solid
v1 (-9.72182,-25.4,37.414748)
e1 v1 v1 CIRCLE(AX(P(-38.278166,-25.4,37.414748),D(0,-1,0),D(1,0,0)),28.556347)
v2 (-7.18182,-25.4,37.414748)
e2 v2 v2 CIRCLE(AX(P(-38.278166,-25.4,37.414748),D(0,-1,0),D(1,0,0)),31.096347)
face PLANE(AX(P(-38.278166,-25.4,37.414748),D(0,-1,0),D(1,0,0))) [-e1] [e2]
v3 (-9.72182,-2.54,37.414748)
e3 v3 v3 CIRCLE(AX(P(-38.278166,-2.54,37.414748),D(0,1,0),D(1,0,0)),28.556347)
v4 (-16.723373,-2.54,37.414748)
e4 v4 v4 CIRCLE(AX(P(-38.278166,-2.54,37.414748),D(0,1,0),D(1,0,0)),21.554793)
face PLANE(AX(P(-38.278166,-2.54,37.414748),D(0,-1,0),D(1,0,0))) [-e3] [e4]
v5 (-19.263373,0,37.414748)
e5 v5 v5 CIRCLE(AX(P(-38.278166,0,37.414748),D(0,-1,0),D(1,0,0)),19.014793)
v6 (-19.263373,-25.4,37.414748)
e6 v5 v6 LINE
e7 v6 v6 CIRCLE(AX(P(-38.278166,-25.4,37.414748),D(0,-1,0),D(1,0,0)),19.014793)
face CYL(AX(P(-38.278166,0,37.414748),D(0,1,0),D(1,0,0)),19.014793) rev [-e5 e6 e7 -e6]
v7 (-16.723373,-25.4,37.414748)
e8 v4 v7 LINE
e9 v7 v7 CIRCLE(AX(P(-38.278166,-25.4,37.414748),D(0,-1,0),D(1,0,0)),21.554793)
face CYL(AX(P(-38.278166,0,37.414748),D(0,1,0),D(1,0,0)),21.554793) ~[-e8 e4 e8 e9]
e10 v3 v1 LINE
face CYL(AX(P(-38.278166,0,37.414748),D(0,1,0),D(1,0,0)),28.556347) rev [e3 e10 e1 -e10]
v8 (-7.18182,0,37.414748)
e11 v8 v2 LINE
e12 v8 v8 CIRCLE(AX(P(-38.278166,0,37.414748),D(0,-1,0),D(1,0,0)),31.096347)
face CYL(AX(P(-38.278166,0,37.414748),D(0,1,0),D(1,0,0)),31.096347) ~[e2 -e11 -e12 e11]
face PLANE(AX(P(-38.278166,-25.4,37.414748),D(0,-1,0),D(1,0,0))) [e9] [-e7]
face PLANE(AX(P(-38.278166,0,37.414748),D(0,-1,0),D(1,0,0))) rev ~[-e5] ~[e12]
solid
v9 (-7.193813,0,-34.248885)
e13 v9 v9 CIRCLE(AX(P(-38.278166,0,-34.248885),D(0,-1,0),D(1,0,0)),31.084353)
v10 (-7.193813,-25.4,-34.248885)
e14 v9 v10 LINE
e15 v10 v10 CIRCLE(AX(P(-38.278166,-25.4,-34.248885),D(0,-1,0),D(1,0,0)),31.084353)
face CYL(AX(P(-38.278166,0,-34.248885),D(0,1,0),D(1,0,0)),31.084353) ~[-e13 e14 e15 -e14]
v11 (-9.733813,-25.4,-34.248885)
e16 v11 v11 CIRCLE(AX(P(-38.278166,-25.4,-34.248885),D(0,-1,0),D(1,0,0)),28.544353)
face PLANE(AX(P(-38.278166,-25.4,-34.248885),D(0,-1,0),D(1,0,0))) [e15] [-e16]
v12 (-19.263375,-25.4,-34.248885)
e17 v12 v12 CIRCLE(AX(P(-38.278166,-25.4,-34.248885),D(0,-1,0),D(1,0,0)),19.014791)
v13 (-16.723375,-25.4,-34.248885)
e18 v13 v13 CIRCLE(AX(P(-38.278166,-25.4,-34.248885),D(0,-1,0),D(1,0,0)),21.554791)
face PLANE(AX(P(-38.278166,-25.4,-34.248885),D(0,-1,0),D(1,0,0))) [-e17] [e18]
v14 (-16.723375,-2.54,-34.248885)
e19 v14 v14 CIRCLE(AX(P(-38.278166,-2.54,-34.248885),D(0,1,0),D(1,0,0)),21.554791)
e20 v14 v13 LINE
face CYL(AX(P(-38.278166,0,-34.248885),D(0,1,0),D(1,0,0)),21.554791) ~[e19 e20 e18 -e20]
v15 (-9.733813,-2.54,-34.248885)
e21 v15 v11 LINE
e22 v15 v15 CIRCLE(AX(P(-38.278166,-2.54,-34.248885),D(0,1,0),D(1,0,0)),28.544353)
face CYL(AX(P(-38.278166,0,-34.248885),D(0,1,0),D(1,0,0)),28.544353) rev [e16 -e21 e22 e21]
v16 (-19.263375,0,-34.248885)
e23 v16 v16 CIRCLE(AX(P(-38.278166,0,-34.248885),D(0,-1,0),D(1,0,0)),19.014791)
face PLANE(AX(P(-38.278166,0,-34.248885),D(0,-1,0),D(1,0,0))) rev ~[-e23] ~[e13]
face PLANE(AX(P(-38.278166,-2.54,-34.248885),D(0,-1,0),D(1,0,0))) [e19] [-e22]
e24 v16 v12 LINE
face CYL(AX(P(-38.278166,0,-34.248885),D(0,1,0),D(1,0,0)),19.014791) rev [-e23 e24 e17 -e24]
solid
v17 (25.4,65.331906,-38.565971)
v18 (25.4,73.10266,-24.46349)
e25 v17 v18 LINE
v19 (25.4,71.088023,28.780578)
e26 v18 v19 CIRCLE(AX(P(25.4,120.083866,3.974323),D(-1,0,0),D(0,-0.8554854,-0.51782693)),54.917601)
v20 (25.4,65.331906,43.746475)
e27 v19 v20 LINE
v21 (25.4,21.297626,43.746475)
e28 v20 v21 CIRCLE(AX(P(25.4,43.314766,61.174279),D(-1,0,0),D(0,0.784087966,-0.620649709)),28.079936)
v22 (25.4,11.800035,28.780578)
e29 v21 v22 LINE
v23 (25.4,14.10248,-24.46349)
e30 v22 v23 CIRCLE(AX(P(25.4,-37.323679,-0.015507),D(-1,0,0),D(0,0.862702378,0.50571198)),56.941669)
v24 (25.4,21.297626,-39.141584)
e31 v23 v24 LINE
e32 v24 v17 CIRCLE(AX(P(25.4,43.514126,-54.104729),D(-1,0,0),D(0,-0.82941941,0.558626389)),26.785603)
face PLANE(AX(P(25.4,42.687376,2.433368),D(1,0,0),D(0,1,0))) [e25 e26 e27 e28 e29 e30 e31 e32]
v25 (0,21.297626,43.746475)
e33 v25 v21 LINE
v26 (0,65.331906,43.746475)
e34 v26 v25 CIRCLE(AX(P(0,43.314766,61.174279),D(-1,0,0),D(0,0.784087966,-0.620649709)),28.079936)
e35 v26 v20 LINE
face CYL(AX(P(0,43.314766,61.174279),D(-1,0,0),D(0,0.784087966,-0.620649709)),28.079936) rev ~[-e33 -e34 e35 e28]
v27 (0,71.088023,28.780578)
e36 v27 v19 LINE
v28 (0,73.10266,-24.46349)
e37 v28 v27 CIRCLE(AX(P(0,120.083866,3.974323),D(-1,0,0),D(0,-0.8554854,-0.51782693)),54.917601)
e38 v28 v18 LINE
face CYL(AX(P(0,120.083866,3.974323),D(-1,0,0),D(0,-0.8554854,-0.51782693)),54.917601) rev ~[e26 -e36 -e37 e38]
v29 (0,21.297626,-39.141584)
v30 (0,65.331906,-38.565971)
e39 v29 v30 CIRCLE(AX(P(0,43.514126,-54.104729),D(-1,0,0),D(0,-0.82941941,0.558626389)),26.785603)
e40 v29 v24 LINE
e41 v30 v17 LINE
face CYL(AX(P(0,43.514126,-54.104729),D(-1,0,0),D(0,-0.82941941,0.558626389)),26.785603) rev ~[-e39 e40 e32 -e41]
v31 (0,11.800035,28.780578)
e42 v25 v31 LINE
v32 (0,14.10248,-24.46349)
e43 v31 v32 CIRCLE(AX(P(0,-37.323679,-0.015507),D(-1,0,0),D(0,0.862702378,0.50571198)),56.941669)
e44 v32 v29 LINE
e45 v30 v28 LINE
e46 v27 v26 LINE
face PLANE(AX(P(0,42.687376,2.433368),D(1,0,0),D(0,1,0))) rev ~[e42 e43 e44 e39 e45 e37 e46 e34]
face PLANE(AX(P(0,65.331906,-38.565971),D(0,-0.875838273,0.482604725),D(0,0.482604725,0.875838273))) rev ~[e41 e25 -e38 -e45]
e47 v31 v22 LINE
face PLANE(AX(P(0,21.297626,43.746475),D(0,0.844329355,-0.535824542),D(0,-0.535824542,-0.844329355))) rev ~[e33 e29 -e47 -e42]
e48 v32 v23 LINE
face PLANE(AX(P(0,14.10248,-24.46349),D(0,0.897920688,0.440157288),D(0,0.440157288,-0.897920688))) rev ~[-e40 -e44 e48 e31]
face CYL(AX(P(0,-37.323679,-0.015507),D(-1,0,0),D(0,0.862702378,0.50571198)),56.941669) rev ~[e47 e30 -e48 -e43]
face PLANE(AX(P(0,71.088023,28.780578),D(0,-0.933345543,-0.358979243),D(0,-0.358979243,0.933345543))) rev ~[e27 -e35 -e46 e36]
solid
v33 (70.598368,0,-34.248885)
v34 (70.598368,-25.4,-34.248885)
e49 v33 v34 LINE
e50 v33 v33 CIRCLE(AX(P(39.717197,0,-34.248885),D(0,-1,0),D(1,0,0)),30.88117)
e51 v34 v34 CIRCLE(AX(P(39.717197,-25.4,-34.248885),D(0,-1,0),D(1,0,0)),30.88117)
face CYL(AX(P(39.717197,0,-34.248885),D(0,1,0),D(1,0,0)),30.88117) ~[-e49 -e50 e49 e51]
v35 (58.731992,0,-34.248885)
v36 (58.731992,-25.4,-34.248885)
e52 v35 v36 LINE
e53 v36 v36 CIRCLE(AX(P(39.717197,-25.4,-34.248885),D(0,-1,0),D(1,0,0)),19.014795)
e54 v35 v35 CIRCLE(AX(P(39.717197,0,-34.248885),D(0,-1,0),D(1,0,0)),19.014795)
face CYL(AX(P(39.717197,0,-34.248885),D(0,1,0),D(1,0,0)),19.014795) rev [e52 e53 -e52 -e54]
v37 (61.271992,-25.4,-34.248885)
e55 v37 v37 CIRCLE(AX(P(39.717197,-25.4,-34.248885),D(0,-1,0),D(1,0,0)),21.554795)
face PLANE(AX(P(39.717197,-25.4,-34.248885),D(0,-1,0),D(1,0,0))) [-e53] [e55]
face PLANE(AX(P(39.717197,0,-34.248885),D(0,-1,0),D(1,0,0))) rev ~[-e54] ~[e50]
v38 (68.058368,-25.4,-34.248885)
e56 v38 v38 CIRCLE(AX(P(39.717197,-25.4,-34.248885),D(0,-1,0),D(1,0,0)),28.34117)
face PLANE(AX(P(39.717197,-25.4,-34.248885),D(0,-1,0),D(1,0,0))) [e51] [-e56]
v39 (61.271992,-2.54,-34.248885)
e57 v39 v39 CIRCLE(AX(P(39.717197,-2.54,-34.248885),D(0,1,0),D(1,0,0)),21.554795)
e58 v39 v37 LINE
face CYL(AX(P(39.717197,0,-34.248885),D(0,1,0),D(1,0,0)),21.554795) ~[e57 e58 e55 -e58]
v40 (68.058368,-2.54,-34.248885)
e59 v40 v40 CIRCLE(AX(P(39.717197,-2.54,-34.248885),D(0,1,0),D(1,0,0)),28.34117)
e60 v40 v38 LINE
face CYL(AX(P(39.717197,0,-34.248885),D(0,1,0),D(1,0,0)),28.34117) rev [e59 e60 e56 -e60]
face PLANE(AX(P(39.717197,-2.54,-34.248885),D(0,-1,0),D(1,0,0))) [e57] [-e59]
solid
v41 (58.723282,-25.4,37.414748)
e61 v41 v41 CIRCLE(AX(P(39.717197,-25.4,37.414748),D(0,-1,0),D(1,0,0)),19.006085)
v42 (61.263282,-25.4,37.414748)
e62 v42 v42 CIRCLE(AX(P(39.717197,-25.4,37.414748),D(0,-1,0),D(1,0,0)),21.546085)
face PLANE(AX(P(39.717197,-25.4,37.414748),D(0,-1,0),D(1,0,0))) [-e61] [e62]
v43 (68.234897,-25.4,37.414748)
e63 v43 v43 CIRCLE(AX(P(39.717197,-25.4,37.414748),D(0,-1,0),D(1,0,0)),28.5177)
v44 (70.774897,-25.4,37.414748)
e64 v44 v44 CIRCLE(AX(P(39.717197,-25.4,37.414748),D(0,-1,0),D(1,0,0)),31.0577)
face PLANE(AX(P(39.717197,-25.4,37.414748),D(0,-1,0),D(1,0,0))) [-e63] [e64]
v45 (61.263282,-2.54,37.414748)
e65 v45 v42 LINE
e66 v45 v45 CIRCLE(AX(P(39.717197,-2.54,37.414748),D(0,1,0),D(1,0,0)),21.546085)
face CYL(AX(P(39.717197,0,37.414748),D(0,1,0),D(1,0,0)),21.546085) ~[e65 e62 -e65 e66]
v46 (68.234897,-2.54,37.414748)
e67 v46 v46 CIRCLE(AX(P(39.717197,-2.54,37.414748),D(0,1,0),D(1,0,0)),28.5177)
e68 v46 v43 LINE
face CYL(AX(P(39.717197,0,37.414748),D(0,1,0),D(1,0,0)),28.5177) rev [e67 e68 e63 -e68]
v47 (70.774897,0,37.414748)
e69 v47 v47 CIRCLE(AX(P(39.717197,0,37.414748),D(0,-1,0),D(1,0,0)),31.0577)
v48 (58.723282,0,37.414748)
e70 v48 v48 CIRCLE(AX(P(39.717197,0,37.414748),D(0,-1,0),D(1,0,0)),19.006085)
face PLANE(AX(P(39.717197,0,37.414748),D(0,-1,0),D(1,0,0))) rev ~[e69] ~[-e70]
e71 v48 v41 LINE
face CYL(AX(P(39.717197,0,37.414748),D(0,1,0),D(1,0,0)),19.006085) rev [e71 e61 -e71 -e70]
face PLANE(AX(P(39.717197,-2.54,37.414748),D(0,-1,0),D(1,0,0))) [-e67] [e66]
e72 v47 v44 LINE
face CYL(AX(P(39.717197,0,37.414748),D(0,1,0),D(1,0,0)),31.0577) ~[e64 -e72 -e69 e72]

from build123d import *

# Parameters (mm, degrees)
F0_R     = 31.0963465333
F0_R_2   = 19.0147929062
F1_DEPTH = 25.4
F0_R_3   = 31.0576997313
F0_R_4   = 19.0060845025
F0_R_5   = 30.8811703894
F0_R_6   = 19.0147950206
F0_R_7   = 31.0843529762
F0_R_8   = 19.0147914683
F2_T     = -2.54
F2_2_T   = -2.54
F2_3_T   = -2.54
F2_4_T   = -2.54
F4_DEPTH = 25.4


with BuildPart() as f1:
    # F0 (on Front) → F1 (new body)
    with BuildSketch(Plane.XZ):
        with Locations((-38.2781662047, 37.4147482216)):
            Circle(F0_R)
        with Locations((-38.2781662047, 37.4147482216)):
            Circle(F0_R_2, mode=Mode.SUBTRACT)
    extrude(amount=F1_DEPTH)

    # F2
    f2_openings = [f1.faces().sort_by_distance(p)[0] for p in [
        (-68.494975, -25.4, 37.414748),
    ]]
    offset(amount=F2_T, openings=f2_openings)


with BuildPart() as f1b:
    # F0 (on Front) → F1, piece 2 (new body)
    with BuildSketch(Plane.XZ):
        with Locations((39.7171974182, 37.4147482216)):
            Circle(F0_R_3)
        with Locations((39.7171974182, 37.4147482216)):
            Circle(F0_R_4, mode=Mode.SUBTRACT)
    extrude(amount=F1_DEPTH)

    # F2#2
    f2_2_openings = [f1b.faces().sort_by_distance(p)[0] for p in [
        (9.537942, -25.4, 37.414748),
    ]]
    offset(amount=F2_2_T, openings=f2_2_openings)


with BuildPart() as f1c:
    # F0 (on Front) → F1, piece 3 (new body)
    with BuildSketch(Plane.XZ):
        with Locations((39.7171974182, -34.2488847673)):
            Circle(F0_R_5)
        with Locations((39.7171974182, -34.2488847673)):
            Circle(F0_R_6, mode=Mode.SUBTRACT)
    extrude(amount=F1_DEPTH)

    # F2#3
    f2_3_openings = [f1c.faces().sort_by_distance(p)[0] for p in [
        (9.709478, -25.4, -34.248885),
    ]]
    offset(amount=F2_3_T, openings=f2_3_openings)


with BuildPart() as f1d:
    # F0 (on Front) → F1, piece 4 (new body)
    with BuildSketch(Plane.XZ):
        with Locations((-38.2781662047, -34.2488847673)):
            Circle(F0_R_7)
        with Locations((-38.2781662047, -34.2488847673)):
            Circle(F0_R_8, mode=Mode.SUBTRACT)
    extrude(amount=F1_DEPTH)

    # F2#4
    f2_4_openings = [f1d.faces().sort_by_distance(p)[0] for p in [
        (-68.483321, -25.4, -34.248885),
    ]]
    offset(amount=F2_4_T, openings=f2_4_openings)


with BuildPart() as f4:
    # F3 (on Right) → F4 (new body)
    with BuildSketch(Plane.YZ):
        with BuildLine():
            ThreePointArc((65.3319060802, 43.7464751303), (43.3147661388, 33.0943432266), (21.2976261973, 43.7464751303))
            Line((21.2976261973, 43.7464751303), (11.800034903, 28.7805777043))
            ThreePointArc((11.800034903, 28.7805777043), (19.5648254291, 2.4445360619), (14.1024803743, -24.4634896517))
            Line((14.1024803743, -24.4634896517), (21.2976261973, -39.1415841877))
            ThreePointArc((21.2976261973, -39.1415841877), (43.1640158341, -27.3214138959), (65.3319060802, -38.5659709573))
            Line((65.3319060802, -38.5659709573), (73.1026604772, -24.4634896517))
            ThreePointArc((73.1026604772, -24.4634896517), (65.2055359173, 1.8978491008), (71.0880234838, 28.7805777043))
            Line((71.0880234838, 28.7805777043), (65.3319060802, 43.7464751303))
        make_face()
    extrude(amount=F4_DEPTH)


solid = Compound([f1.part, f1b.part, f1c.part, f1d.part, f4.part])
